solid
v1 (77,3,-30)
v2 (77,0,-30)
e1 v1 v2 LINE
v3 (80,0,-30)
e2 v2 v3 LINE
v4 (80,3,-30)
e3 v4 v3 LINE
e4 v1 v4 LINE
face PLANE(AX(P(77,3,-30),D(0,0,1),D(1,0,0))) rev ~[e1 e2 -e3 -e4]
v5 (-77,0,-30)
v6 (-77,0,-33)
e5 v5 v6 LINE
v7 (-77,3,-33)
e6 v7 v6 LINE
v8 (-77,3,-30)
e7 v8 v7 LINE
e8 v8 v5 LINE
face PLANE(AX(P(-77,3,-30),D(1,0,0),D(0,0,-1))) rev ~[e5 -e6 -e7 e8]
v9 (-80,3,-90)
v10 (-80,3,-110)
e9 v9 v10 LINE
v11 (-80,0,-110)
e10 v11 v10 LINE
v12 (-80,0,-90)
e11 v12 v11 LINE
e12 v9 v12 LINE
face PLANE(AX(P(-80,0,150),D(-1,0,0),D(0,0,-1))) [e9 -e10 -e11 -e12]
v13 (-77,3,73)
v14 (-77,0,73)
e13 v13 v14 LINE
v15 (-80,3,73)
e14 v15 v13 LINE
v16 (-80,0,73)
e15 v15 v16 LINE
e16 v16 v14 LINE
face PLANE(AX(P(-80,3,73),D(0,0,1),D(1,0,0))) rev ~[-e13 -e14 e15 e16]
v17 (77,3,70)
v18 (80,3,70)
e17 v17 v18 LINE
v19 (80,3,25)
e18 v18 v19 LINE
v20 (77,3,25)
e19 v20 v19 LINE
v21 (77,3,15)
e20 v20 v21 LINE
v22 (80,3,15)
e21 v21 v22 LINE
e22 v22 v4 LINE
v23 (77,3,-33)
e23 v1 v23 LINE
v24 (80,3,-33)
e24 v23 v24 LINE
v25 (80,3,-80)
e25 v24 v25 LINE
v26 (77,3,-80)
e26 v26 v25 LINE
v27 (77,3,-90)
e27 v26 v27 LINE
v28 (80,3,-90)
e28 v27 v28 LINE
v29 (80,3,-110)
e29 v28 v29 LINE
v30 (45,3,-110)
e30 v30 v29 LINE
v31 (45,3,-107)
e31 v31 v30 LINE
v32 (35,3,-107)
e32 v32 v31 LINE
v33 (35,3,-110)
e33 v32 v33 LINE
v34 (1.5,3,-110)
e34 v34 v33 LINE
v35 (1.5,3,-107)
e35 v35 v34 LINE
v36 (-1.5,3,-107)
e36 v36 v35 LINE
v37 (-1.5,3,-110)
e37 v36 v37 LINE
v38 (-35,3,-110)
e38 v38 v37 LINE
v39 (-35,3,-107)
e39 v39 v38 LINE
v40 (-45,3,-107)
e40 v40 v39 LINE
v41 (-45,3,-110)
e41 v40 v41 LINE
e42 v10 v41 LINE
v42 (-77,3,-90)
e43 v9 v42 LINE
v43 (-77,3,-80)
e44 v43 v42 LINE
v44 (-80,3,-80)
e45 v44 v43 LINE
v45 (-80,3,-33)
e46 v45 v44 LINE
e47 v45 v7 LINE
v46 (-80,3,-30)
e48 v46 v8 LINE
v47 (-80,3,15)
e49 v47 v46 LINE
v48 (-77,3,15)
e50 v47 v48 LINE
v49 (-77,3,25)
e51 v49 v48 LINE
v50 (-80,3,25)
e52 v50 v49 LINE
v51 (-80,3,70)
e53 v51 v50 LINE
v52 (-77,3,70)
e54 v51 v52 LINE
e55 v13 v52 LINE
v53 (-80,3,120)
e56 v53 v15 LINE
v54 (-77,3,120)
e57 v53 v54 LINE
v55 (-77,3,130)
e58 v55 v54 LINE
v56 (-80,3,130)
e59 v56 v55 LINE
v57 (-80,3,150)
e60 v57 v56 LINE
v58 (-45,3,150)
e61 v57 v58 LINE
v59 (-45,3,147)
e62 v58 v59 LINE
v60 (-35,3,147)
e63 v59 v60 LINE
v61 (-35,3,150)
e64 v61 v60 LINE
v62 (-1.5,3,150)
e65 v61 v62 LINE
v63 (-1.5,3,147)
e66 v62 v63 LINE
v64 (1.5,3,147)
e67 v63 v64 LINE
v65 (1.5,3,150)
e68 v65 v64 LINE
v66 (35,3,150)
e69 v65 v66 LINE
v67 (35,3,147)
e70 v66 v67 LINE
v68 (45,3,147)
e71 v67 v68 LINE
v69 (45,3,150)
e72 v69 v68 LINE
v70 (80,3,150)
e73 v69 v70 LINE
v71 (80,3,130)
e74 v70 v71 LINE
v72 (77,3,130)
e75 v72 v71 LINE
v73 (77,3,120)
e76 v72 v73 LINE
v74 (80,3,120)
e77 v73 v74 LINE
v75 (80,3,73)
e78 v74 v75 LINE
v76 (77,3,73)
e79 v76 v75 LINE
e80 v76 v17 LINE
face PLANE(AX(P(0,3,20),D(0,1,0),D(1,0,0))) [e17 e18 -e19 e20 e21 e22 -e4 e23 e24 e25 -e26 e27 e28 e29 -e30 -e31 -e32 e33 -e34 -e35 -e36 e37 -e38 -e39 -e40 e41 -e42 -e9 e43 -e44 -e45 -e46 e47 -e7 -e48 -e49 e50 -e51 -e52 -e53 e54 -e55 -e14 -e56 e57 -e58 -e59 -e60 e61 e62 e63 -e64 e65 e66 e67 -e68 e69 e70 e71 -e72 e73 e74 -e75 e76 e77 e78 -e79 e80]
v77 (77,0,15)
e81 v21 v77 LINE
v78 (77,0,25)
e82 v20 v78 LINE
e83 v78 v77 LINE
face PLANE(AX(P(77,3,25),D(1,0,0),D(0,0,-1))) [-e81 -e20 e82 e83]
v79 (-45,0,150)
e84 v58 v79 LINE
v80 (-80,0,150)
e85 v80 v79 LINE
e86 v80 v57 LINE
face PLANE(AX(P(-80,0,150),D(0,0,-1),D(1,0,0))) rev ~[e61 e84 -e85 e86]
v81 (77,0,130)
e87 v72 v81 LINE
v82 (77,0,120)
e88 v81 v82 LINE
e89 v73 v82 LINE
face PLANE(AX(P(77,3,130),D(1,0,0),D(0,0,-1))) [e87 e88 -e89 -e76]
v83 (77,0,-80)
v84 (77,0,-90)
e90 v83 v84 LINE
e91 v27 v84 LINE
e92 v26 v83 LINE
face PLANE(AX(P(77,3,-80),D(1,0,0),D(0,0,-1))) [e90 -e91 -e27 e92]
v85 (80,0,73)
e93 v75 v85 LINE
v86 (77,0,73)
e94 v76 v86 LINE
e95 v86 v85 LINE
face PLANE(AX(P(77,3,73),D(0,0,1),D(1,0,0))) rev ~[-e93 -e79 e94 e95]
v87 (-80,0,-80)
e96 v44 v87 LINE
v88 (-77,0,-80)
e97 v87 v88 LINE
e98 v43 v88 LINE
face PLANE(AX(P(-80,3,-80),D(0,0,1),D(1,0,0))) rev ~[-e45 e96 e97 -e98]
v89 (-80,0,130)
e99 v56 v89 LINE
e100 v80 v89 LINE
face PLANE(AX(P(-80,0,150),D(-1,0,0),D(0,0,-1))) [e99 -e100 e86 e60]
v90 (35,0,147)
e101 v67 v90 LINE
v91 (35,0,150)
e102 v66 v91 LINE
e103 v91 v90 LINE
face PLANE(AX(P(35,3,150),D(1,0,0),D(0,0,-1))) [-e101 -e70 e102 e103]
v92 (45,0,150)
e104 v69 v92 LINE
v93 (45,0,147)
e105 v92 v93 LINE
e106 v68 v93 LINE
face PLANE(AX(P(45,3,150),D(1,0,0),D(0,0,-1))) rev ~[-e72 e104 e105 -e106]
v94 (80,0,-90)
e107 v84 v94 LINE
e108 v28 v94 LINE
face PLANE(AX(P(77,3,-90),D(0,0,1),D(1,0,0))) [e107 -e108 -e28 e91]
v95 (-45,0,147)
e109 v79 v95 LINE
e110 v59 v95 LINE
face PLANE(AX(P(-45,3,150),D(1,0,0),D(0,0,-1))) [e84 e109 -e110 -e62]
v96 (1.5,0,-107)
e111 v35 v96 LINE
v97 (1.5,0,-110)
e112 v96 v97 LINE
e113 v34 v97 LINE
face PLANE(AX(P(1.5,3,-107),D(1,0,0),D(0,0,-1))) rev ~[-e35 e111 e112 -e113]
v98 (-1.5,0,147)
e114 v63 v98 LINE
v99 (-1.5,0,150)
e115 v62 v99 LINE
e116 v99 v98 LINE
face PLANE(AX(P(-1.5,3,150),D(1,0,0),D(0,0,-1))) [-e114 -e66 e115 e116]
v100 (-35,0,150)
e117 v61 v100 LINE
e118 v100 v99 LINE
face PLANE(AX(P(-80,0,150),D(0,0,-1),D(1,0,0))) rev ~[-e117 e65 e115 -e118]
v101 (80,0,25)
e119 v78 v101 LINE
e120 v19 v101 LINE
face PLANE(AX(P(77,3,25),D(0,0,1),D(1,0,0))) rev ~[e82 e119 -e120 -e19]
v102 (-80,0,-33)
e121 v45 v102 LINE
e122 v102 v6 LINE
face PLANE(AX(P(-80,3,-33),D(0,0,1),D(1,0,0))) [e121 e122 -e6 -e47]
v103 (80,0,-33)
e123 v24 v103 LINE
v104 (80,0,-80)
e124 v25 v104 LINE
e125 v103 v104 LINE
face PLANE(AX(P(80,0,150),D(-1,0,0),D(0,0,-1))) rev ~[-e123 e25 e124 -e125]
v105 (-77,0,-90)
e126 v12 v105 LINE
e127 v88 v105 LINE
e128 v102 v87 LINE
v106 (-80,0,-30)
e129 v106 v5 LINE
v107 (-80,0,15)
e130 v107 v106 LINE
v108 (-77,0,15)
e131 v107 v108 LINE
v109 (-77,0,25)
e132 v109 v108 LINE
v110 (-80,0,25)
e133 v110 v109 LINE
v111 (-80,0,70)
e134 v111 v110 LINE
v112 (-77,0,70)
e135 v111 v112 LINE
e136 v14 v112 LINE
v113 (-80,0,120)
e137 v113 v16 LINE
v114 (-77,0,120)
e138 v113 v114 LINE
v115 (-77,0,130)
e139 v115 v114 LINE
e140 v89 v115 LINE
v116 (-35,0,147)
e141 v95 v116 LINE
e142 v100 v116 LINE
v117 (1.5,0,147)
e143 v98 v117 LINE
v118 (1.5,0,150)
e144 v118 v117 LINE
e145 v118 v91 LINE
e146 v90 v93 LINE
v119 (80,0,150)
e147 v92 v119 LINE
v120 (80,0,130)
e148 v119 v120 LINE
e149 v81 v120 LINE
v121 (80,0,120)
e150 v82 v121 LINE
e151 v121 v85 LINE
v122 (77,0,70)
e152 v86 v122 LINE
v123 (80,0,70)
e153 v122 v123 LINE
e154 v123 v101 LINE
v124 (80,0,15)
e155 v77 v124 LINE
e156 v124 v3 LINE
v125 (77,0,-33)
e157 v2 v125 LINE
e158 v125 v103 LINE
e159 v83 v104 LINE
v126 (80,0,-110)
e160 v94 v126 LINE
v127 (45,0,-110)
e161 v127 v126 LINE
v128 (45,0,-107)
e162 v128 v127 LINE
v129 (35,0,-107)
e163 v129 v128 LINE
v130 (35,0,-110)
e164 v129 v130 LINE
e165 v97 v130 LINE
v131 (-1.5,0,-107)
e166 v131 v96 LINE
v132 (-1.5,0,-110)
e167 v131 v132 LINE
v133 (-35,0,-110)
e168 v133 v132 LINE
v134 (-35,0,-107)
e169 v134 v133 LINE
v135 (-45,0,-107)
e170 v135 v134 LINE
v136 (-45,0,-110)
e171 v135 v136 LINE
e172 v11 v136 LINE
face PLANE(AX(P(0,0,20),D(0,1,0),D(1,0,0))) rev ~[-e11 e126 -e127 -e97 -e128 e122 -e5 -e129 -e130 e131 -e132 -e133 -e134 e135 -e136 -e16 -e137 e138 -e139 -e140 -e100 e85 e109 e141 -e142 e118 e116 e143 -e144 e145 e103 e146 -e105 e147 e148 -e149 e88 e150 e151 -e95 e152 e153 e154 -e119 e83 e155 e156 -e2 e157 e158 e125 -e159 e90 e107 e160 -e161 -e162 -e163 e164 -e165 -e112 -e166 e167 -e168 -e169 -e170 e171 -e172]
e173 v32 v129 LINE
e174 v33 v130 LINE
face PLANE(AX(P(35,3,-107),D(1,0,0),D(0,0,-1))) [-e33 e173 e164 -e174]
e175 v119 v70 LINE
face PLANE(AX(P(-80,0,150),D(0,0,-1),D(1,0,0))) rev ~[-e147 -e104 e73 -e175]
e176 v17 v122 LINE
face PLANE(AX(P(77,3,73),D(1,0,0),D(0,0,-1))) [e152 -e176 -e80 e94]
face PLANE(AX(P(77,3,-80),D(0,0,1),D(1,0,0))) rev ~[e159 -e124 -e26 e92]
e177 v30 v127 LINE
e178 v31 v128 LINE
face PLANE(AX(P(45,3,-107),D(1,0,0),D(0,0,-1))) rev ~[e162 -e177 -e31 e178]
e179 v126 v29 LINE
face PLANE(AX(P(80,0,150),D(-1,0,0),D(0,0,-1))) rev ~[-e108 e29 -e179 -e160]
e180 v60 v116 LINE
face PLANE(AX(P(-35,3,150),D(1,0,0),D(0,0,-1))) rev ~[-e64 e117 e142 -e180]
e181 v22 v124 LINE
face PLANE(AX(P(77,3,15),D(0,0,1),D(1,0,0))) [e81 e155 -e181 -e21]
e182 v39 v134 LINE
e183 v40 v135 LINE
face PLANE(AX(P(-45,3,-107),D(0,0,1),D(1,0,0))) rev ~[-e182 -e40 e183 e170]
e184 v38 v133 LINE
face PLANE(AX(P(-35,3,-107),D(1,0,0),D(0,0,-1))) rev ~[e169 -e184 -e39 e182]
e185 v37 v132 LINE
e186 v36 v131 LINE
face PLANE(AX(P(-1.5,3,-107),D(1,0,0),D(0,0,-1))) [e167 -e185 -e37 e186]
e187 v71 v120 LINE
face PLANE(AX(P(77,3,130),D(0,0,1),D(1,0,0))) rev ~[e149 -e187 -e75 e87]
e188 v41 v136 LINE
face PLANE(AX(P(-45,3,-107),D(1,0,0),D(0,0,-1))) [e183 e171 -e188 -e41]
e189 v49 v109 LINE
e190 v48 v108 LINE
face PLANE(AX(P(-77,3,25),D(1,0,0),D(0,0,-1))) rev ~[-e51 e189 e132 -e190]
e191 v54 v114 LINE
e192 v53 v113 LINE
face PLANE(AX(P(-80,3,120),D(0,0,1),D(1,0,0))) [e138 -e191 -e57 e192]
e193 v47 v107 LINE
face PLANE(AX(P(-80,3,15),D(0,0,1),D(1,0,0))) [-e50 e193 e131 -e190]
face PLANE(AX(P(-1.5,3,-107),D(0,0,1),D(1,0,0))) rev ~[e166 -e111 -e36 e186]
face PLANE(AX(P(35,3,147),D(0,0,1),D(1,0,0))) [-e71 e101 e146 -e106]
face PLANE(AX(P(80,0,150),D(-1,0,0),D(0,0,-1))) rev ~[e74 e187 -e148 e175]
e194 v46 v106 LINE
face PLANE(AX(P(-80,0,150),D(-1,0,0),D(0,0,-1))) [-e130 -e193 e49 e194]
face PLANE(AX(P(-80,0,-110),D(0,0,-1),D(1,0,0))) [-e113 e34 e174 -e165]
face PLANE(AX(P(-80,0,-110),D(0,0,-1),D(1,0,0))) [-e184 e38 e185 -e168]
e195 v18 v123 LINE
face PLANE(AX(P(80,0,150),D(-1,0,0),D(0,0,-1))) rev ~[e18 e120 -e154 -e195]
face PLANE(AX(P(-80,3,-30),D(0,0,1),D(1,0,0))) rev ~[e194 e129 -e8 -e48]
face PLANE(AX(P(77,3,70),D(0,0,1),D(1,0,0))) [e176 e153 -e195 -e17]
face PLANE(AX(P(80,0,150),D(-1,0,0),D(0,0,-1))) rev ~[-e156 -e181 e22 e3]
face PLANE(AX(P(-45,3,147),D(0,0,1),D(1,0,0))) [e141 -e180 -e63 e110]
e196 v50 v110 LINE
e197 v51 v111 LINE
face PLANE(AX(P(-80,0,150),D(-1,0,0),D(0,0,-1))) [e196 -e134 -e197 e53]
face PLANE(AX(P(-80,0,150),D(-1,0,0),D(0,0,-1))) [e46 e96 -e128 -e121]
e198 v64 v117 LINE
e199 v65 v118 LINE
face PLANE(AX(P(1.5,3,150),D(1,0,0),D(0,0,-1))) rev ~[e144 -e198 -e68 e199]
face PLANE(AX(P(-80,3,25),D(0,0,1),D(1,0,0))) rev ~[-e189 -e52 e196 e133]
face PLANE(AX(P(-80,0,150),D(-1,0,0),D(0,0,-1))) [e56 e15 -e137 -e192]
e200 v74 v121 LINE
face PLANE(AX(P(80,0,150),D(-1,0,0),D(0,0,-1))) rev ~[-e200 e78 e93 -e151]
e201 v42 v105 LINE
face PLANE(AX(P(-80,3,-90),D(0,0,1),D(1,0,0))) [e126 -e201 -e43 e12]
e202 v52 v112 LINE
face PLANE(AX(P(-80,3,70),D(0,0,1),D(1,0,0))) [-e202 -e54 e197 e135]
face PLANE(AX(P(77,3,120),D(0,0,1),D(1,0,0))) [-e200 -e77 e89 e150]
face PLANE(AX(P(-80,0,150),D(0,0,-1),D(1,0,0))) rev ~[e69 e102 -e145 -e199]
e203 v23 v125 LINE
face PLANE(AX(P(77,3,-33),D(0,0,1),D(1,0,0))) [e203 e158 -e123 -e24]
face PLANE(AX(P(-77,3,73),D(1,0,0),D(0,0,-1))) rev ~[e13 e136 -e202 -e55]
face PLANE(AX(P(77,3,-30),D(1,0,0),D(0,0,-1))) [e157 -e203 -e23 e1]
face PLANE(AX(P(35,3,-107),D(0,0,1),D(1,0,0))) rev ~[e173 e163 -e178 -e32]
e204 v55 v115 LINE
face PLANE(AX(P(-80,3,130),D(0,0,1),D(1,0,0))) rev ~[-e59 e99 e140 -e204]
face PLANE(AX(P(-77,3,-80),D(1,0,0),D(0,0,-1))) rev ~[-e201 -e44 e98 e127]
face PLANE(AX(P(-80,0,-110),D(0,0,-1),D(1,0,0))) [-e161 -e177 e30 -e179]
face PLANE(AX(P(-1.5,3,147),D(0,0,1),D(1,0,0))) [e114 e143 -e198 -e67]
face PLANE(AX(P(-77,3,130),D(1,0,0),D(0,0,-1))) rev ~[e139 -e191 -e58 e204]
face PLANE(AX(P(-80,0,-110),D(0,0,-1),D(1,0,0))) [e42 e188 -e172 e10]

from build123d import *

# Parameters (mm, degrees)
SKETCH1_W           = 160
SKETCH1_H           = 260
BOSS_EXTRUDE1_DEPTH = 3
SKETCH7_W           = 3
SKETCH7_H           = 3
SKETCH7_W_2         = 10
SKETCH7_H_2         = 10
CUT_EXTRUDE2_DEPTH  = 171.026468528


with BuildPart() as part:
    # Sketch1 → Boss-Extrude1 (new body)
    with BuildSketch(Plane(origin=(0, 0, 0), x_dir=(1, 0, 0), z_dir=(0, 1, 0))):
        with Locations((0, -20)):
            Rectangle(SKETCH1_W, SKETCH1_H)
    extrude(amount=BOSS_EXTRUDE1_DEPTH)

    # Sketch7 → Cut-Extrude2 (cut, through all)
    with BuildSketch(Plane(origin=(0, 3, 0), x_dir=(1, 0, 0), z_dir=(0, 1, 0))):
        with Locations((0, 108.5)):
            Rectangle(SKETCH7_W, SKETCH7_H)
        with Locations((40, 108.5)):
            Rectangle(SKETCH7_W_2, SKETCH7_H)
        with Locations((-40, 108.5)):
            Rectangle(SKETCH7_W_2, SKETCH7_H)
        with Locations((40, -148.5)):
            Rectangle(SKETCH7_W_2, SKETCH7_H)
        with Locations((-40, -148.5)):
            Rectangle(SKETCH7_W_2, SKETCH7_H)
        with Locations((0, -148.5)):
            Rectangle(SKETCH7_W, SKETCH7_H)
        with Locations((-78.5, -125)):
            Rectangle(SKETCH7_W, SKETCH7_H_2)
        with Locations((-78.5, -20)):
            Rectangle(SKETCH7_W, SKETCH7_H_2)
        with Locations((-78.5, 85)):
            Rectangle(SKETCH7_W, SKETCH7_H_2)
        with Locations((-78.5, -71.5)):
            Rectangle(SKETCH7_W, SKETCH7_H)
        with Locations((-78.5, 31.5)):
            Rectangle(SKETCH7_W, SKETCH7_H)
        with Locations((78.5, -125)):
            Rectangle(SKETCH7_W, SKETCH7_H_2)
        with Locations((78.5, -71.5)):
            Rectangle(SKETCH7_W, SKETCH7_H)
        with Locations((78.5, -20)):
            Rectangle(SKETCH7_W, SKETCH7_H_2)
        with Locations((78.5, 31.5)):
            Rectangle(SKETCH7_W, SKETCH7_H)
        with Locations((78.5, 85)):
            Rectangle(SKETCH7_W, SKETCH7_H_2)
    extrude(amount=-CUT_EXTRUDE2_DEPTH, mode=Mode.SUBTRACT)


solid = part.part
